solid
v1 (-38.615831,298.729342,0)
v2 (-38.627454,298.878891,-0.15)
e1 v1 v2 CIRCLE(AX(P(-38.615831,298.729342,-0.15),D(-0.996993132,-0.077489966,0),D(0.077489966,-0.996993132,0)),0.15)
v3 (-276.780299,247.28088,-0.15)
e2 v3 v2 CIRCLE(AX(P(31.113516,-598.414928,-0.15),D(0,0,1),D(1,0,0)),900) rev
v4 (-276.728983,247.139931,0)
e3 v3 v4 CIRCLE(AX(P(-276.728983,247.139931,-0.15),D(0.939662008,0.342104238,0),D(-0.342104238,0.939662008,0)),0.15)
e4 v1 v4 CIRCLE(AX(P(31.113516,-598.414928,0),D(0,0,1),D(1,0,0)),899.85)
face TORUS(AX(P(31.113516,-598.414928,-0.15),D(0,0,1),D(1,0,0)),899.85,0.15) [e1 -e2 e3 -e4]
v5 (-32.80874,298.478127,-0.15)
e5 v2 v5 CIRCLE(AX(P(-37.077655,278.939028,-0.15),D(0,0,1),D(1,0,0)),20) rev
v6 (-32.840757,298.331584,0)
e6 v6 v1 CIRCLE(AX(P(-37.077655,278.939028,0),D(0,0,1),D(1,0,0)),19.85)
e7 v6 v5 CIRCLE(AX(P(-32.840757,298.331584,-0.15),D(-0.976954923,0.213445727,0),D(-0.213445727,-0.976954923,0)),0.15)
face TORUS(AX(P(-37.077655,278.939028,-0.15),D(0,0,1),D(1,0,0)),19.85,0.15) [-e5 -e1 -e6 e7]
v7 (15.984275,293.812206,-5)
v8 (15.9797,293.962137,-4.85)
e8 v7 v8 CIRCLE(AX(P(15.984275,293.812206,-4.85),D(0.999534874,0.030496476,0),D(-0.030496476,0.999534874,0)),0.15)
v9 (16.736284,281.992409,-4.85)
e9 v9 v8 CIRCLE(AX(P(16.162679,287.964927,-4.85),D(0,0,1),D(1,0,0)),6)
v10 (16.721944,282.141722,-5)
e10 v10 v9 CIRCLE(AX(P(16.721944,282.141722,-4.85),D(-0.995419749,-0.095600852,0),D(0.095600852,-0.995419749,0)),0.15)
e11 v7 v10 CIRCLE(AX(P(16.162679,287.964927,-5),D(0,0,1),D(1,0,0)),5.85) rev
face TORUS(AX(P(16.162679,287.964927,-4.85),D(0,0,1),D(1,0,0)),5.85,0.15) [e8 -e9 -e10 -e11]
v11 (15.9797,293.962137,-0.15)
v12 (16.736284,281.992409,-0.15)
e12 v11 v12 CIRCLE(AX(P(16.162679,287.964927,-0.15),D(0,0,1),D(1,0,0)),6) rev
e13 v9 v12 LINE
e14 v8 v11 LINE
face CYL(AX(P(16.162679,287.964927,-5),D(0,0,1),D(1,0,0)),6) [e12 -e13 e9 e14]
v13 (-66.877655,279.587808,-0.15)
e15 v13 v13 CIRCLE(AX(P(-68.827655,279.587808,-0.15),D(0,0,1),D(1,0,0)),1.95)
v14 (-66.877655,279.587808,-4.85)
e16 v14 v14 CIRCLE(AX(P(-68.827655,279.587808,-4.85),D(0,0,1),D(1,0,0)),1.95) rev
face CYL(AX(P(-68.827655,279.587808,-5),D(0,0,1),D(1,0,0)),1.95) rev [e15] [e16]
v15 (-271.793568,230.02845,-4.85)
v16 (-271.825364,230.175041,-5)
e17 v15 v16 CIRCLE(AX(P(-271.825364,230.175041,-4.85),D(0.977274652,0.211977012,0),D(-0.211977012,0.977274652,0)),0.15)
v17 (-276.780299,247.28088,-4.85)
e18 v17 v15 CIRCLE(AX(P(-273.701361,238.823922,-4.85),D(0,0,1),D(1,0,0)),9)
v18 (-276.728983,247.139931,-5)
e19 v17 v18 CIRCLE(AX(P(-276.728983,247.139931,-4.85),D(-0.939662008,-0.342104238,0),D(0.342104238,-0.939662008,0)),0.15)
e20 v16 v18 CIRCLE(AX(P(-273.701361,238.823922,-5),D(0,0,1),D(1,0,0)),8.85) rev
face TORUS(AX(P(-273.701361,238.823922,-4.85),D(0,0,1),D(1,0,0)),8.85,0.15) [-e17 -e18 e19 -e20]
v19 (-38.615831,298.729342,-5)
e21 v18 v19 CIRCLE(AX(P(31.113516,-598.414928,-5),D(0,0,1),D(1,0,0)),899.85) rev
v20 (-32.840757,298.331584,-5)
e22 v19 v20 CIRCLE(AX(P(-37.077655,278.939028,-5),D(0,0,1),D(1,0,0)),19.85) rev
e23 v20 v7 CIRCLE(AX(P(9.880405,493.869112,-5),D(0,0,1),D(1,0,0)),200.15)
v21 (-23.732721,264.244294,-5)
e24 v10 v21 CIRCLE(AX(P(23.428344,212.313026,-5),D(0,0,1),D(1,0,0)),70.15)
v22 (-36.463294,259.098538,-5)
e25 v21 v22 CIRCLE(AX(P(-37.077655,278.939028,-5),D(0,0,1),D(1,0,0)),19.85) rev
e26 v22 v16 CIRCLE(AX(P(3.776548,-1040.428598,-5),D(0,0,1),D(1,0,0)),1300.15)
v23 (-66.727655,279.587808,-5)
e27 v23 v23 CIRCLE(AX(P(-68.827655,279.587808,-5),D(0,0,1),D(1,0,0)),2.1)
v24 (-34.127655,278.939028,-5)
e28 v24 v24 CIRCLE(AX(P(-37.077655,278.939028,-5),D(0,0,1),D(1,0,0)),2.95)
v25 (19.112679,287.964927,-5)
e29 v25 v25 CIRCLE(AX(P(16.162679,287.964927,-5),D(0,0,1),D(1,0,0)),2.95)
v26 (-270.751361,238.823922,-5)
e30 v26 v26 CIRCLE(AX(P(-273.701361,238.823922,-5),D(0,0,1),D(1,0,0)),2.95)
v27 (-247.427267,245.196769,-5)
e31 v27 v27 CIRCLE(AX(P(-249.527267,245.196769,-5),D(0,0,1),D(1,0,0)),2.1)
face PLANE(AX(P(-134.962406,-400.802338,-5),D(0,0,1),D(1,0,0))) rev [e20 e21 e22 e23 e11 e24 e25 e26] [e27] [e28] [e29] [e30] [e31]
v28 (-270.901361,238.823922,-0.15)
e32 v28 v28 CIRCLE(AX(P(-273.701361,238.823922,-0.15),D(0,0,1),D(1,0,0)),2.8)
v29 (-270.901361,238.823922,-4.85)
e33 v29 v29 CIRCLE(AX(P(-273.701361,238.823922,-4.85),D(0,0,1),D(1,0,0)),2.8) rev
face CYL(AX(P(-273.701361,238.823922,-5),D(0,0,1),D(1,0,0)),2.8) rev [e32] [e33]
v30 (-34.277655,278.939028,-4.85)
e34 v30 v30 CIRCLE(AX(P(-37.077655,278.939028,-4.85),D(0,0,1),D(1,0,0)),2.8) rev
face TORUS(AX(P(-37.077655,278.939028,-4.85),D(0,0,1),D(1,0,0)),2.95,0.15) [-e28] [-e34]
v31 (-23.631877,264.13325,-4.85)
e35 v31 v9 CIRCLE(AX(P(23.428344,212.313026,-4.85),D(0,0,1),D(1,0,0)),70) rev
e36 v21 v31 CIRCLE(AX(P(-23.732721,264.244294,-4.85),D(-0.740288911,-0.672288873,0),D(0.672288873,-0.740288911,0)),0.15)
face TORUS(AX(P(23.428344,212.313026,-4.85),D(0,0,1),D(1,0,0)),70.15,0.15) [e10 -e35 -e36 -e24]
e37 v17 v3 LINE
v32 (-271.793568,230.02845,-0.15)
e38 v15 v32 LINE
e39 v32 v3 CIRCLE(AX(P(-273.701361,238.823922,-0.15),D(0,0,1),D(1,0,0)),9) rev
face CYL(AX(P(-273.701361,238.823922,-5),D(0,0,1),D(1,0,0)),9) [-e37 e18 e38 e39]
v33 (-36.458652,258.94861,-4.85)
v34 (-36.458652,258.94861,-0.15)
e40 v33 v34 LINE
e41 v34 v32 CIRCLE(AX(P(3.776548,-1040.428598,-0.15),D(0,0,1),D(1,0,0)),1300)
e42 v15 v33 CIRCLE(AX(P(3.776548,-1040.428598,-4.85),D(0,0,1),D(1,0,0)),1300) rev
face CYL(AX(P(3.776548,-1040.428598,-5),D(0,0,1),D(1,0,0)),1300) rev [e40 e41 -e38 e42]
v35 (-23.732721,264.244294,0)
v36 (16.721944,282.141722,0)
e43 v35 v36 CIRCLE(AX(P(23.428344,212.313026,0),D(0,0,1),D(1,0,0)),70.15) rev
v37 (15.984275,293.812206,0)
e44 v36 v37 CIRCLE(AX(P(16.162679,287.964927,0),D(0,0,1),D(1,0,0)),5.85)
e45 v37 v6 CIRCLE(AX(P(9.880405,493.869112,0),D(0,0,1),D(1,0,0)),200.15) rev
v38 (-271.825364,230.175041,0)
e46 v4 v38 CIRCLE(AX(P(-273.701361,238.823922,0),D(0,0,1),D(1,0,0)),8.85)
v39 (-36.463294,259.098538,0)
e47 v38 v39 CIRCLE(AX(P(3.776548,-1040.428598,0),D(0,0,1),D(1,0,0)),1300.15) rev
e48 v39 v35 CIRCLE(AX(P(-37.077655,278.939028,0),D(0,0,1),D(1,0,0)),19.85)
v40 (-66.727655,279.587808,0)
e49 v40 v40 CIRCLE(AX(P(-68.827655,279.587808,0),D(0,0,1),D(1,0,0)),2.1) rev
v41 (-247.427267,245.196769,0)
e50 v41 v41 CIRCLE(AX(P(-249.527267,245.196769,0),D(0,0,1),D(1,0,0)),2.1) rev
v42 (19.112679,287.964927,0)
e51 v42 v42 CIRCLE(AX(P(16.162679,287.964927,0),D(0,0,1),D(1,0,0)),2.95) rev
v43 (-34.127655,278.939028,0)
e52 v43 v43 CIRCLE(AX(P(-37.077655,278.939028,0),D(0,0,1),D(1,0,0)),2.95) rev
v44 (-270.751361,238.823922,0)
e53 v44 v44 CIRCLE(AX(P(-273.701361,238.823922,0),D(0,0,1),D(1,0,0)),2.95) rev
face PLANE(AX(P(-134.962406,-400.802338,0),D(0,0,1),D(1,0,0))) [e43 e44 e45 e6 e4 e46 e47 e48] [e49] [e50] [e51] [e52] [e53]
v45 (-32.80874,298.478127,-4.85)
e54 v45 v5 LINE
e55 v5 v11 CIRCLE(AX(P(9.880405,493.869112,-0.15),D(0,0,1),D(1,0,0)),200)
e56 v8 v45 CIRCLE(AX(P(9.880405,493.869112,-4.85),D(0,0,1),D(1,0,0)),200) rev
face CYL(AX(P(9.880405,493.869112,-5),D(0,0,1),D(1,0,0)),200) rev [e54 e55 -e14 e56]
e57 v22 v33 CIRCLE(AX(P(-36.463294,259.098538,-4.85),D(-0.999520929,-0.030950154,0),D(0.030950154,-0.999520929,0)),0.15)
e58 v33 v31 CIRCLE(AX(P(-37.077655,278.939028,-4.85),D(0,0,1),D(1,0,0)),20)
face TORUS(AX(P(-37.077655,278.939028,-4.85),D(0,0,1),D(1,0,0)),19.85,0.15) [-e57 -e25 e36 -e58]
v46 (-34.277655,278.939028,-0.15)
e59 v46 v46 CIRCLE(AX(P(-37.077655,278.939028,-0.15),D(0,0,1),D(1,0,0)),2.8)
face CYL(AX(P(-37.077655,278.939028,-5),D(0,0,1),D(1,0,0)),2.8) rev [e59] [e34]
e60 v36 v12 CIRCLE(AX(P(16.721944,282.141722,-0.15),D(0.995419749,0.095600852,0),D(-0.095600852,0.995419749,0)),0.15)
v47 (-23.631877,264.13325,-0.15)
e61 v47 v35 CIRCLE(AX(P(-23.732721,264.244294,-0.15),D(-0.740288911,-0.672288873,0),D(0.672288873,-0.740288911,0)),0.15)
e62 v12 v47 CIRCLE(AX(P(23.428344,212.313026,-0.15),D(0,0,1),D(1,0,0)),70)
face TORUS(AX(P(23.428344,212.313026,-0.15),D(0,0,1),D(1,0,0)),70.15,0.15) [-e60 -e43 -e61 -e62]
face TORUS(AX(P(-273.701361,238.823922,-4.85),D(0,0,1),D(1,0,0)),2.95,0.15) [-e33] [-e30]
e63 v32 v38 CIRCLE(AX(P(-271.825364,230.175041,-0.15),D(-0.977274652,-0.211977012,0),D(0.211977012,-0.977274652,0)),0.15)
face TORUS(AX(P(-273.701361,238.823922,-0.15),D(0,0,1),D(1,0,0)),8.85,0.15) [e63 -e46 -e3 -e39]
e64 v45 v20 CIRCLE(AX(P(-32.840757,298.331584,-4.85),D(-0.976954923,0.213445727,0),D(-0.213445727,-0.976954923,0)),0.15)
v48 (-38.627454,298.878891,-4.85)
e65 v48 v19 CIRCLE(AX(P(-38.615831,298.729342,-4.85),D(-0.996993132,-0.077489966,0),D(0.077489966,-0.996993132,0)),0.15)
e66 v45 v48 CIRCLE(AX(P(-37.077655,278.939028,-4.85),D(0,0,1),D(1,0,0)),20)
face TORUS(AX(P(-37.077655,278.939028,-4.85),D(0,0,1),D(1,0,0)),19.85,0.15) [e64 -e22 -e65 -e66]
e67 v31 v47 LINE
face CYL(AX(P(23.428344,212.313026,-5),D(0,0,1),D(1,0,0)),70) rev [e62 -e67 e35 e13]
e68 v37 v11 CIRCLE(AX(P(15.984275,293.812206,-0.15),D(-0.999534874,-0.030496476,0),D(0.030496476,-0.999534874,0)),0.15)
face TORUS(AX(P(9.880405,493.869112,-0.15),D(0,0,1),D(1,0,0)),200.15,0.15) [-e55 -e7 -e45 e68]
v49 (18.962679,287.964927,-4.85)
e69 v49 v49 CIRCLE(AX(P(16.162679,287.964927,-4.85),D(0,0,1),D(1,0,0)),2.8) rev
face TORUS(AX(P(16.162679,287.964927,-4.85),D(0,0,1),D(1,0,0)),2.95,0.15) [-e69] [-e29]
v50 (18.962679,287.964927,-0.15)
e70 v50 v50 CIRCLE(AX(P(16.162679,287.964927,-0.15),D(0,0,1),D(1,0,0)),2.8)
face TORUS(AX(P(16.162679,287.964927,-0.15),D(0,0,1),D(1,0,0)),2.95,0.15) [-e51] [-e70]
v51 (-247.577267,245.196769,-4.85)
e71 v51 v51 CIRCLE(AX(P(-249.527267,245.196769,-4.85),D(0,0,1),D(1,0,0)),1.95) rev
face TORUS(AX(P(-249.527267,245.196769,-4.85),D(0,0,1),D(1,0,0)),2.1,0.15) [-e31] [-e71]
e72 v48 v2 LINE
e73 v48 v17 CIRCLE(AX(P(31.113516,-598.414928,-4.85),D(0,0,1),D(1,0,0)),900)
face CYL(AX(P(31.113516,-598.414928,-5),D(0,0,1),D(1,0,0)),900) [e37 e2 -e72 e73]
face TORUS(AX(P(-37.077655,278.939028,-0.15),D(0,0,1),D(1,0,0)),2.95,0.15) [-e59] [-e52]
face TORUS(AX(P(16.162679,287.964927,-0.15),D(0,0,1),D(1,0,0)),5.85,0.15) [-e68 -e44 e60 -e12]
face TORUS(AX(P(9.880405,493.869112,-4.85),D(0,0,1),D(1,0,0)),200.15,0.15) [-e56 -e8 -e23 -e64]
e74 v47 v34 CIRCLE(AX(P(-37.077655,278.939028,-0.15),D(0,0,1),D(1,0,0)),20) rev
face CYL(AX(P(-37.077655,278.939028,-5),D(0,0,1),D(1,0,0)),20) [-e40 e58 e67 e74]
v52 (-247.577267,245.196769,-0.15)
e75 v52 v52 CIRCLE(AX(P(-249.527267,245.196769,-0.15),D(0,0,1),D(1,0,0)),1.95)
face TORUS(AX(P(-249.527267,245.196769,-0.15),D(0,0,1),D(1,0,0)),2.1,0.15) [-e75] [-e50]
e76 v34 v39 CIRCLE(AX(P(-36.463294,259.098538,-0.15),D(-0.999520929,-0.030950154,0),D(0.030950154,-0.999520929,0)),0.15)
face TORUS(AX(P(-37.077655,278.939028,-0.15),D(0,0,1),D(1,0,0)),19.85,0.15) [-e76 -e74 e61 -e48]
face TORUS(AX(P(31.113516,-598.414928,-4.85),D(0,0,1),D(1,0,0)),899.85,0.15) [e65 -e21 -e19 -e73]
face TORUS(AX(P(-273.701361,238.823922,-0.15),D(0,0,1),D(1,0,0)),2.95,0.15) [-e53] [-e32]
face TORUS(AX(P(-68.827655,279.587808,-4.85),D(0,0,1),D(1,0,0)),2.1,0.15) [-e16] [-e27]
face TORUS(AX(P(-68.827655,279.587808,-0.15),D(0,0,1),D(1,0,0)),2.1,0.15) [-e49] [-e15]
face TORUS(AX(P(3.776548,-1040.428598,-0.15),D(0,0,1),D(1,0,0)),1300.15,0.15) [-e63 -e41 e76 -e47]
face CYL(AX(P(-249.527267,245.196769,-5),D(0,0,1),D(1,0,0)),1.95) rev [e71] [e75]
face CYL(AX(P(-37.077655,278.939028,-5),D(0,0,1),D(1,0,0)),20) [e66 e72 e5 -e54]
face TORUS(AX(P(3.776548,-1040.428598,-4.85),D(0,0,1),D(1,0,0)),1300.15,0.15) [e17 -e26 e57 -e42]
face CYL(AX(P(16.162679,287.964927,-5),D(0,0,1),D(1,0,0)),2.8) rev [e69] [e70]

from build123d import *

# Parameters (mm, degrees)
SKETCH1_R           = 2.8
SKETCH1_R_2         = 1.95
BOSS_EXTRUDE1_DEPTH = 5
FILLET1_R           = 0.15


with BuildPart() as part:
    # Sketch1 → Boss-Extrude1 (new body)
    with BuildSketch(Plane.XY):
        with BuildLine():
            ThreePointArc((-276.780298859, 247.280879976), (-159.458245776, 281.177252724), (-38.627454071, 298.878891089))
            ThreePointArc((-38.627454071, 298.878891089), (-35.703409549, 298.891758843), (-32.808740213, 298.478126912))
            ThreePointArc((-32.808740213, 298.478126912), (-8.553336403, 294.720430459), (15.979700244, 293.96213667))
            ThreePointArc((15.979700244, 293.96213667), (22.150729095, 288.343420795), (16.736284207, 281.992408929))
            ThreePointArc((16.736284207, 281.992408929), (-4.892396072, 276.328147292), (-23.631877288, 264.133250235))
            ThreePointArc((-23.631877288, 264.133250235), (-29.582680643, 260.39649995), (-36.45865167, 258.948609866))
            ThreePointArc((-36.45865167, 258.948609866), (-154.786824819, 249.865033835), (-271.793567605, 230.028450028))
            ThreePointArc((-271.793567605, 230.028450028), (-282.347428026, 236.324818051), (-276.780298859, 247.280879976))
        make_face()
        with Locations((-273.701360714, 238.8239219)):
            Circle(SKETCH1_R, mode=Mode.SUBTRACT)
        with Locations((-249.527266647, 245.196768675)):
            Circle(SKETCH1_R_2, mode=Mode.SUBTRACT)
        with Locations((-68.827654746, 279.587808188)):
            Circle(SKETCH1_R_2, mode=Mode.SUBTRACT)
        with Locations((-37.077654746, 278.93902845)):
            Circle(SKETCH1_R, mode=Mode.SUBTRACT)
        with Locations((16.162679097, 287.964927424)):
            Circle(SKETCH1_R, mode=Mode.SUBTRACT)
    extrude(amount=-BOSS_EXTRUDE1_DEPTH)

    # Fillet1
    fillet1_edges = [part.edges().sort_by_distance(p)[0] for p in [
        (-4.892396072, 276.328147292, 0),
        (-29.582680643, 260.39649995, 0),
        (-154.786824819, 249.865033835, 0),
        (-282.347428026, 236.324818051, 0),
        (-29.582680643, 260.39649995, -5),
        (-4.892396072, 276.328147292, -5),
        (22.150729095, 288.343420795, -5),
        (-276.501360714, 238.8239219, -5),
        (-276.501360714, 238.8239219, 0),
        (-8.553336403, 294.720430459, -5),
        (-251.477266647, 245.196768675, -5),
        (-251.477266647, 245.196768675, 0),
        (-35.703409549, 298.891758843, -5),
        (-70.777654746, 279.587808188, -5),
        (-70.777654746, 279.587808188, 0),
        (-159.458245776, 281.177252724, -5),
        (-39.877654746, 278.93902845, -5),
        (-39.877654746, 278.93902845, 0),
        (13.362679097, 287.964927424, -5),
        (13.362679097, 287.964927424, 0),
        (-282.347428026, 236.324818051, -5),
        (-159.458245776, 281.177252724, 0),
        (-154.786824819, 249.865033835, -5),
        (-35.703409549, 298.891758843, 0),
        (-8.553336403, 294.720430459, 0),
        (22.150729095, 288.343420795, 0),
    ]]
    fillet(fillet1_edges, radius=FILLET1_R)


solid = part.part
